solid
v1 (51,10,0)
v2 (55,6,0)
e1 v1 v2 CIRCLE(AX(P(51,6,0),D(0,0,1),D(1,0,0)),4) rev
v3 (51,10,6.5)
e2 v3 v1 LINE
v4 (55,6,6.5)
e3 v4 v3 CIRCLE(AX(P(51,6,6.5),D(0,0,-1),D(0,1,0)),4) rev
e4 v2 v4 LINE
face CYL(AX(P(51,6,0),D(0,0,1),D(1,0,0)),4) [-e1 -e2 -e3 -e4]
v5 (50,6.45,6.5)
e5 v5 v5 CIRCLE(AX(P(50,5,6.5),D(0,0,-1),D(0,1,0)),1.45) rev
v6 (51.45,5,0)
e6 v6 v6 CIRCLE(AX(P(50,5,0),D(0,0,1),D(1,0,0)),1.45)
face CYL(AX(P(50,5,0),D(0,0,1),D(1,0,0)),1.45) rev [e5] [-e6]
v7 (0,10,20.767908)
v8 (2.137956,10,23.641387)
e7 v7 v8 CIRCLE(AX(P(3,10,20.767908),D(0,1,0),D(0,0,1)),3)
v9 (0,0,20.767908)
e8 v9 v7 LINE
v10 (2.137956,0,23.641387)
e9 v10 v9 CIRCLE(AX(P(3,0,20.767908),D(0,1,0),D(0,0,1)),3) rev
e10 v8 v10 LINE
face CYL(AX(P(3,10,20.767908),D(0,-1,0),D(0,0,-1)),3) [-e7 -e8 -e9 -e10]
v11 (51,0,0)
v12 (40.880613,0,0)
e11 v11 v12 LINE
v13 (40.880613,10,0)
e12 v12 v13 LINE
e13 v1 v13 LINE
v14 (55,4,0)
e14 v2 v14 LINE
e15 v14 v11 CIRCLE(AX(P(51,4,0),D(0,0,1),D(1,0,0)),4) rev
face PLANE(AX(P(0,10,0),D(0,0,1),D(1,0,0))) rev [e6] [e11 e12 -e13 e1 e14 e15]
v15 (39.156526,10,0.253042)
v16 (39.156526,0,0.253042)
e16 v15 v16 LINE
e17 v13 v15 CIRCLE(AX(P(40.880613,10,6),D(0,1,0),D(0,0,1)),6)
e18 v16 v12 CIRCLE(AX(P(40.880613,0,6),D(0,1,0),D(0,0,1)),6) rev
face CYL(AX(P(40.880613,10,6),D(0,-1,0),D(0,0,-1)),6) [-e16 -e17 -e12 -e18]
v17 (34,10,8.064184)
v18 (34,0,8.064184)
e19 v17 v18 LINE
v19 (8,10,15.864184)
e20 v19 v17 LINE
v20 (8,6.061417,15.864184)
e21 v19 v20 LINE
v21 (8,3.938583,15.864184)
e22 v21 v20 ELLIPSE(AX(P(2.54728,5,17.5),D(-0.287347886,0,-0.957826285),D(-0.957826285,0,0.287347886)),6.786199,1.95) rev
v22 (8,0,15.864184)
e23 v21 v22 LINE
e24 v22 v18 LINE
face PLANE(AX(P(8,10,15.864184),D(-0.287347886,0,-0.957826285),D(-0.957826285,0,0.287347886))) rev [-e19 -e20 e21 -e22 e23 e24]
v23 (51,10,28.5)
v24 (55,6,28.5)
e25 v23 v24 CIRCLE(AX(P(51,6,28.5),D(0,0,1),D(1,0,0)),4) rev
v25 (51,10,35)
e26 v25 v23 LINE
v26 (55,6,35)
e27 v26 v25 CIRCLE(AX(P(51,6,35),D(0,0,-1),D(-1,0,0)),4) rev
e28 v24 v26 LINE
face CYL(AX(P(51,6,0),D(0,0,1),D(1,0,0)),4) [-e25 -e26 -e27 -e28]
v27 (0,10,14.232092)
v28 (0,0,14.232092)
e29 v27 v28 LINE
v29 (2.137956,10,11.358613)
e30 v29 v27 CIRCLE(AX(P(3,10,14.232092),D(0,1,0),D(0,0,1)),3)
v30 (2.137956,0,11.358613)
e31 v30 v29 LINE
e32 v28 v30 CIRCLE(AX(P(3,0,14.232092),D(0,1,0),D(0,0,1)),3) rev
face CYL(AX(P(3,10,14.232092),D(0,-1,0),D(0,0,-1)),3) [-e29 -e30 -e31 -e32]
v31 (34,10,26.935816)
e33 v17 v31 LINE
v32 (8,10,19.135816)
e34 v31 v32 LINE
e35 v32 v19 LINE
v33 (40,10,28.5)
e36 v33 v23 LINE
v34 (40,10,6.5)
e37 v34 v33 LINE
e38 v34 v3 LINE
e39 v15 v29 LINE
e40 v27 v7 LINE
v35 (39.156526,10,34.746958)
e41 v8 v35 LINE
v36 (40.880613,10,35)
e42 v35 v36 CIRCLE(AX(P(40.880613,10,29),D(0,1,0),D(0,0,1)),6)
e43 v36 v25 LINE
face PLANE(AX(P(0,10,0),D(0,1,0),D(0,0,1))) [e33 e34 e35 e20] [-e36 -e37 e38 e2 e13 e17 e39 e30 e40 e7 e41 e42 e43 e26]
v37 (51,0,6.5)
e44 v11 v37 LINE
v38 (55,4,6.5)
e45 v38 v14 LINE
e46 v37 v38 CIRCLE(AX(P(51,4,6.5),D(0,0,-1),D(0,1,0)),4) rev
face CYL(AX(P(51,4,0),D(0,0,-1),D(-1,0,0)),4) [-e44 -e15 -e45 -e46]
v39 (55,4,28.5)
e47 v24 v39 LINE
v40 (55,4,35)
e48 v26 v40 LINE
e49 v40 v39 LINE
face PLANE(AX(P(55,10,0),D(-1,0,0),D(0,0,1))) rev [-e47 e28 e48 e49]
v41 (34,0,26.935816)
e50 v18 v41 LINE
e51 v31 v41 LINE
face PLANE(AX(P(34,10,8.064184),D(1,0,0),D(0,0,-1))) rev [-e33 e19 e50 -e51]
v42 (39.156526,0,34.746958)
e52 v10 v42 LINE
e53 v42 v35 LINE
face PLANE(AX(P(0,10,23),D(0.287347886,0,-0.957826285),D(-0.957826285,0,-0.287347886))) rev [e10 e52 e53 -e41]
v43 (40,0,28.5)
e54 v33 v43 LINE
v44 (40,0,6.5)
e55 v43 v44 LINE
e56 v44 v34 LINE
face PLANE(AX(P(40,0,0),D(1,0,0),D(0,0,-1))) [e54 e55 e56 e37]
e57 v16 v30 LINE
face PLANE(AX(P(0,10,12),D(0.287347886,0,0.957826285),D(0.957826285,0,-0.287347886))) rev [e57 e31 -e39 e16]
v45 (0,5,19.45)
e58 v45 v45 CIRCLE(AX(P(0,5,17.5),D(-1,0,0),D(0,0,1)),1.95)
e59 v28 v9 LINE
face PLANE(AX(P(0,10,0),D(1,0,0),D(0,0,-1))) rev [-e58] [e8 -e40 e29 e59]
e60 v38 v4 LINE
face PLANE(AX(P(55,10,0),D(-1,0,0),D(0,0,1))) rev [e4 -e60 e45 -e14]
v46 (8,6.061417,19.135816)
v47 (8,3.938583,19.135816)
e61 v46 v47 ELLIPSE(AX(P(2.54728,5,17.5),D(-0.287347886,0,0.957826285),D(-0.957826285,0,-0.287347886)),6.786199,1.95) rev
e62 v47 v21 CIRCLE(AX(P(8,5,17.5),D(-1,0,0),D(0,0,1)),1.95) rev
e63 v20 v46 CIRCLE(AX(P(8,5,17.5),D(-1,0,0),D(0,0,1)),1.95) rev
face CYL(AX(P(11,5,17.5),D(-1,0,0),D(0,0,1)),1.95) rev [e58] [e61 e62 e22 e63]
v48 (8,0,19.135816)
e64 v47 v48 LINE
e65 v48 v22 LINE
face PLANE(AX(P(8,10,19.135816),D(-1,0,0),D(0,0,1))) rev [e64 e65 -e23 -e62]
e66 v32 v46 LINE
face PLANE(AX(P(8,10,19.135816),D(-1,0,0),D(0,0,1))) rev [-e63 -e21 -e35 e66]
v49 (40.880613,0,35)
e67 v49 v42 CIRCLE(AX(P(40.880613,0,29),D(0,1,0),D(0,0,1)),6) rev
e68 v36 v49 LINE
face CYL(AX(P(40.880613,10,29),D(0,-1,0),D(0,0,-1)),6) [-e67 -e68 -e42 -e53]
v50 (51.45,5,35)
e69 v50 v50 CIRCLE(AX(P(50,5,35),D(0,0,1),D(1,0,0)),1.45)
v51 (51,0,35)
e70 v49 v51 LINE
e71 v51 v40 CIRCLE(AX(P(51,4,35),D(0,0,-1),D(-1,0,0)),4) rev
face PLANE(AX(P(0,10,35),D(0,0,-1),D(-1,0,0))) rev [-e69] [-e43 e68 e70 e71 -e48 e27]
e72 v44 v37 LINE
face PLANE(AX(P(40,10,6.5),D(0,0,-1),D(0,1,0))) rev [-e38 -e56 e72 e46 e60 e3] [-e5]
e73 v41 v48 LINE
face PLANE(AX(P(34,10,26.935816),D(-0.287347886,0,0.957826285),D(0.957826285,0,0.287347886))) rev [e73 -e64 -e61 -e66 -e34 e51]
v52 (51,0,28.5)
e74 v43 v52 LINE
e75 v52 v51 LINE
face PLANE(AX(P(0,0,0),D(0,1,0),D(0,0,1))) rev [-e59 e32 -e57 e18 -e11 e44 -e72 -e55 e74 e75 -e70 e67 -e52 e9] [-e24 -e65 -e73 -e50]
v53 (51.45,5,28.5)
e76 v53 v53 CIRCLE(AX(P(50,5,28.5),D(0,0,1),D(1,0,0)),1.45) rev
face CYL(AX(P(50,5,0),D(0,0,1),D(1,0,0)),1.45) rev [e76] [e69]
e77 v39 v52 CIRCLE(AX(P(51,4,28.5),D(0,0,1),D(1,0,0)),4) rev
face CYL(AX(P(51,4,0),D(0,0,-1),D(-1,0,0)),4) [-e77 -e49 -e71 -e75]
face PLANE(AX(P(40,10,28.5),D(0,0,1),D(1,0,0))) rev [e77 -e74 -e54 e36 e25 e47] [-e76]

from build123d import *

# Parameters (mm, degrees)
SKETCH1_W           = 55
SKETCH1_H           = 35
BOSS_EXTRUDE1_DEPTH = 10
CUT_EXTRUDE6_DEPTH  = 66.954529791
SKETCH12_R          = 1.45
CUT_EXTRUDE8_DEPTH  = 66.954529791
SKETCH13_R          = 1.95
CUT_EXTRUDE9_DEPTH  = 11
SKETCH2_W           = 22
SKETCH2_H           = 10
CUT_EXTRUDE10_DEPTH = 15
FILLET4_R           = 4
FILLET5_R           = 3
FILLET6_R           = 6
CUT_EXTRUDE11_DEPTH = 66.954529791


with BuildPart() as part:
    # Sketch1 → Boss-Extrude1 (new body)
    with BuildSketch(Plane(origin=(0, 0, 0), x_dir=(1, 0, 0), z_dir=(0, 1, 0))):
        with Locations((27.5, -17.5)):
            Rectangle(SKETCH1_W, SKETCH1_H)
    extrude(amount=BOSS_EXTRUDE1_DEPTH)

    # Sketch9 → Cut-Extrude6 (cut, through all)
    with BuildSketch(Plane(origin=(0, 0, 0), x_dir=(-1, 0, 0), z_dir=(0, -1, 0))):
        Polygon((0, -12), (-40, 0), (0, 0), align=None)
        Polygon((0, -23), (-40, -35), (0, -35), align=None)
    extrude(amount=-CUT_EXTRUDE6_DEPTH, mode=Mode.SUBTRACT)

    # Sketch12 → Cut-Extrude8 (cut, through all)
    with BuildSketch(Plane.XY.offset(35)):
        with Locations((50, 5)):
            Circle(SKETCH12_R)
    extrude(amount=-CUT_EXTRUDE8_DEPTH, mode=Mode.SUBTRACT)

    # Sketch13 → Cut-Extrude9 (cut)
    with BuildSketch(Plane.ZY):
        with Locations((17.5, 5)):
            Circle(SKETCH13_R)
    extrude(amount=-CUT_EXTRUDE9_DEPTH, mode=Mode.SUBTRACT)

    # Sketch2 → Cut-Extrude10 (cut)
    with BuildSketch(Plane(origin=(55, 0, 0), x_dir=(0, 0, -1), z_dir=(1, 0, 0))):
        with Locations((-17.5, 5)):
            Rectangle(SKETCH2_W, SKETCH2_H)
    extrude(amount=-CUT_EXTRUDE10_DEPTH, mode=Mode.SUBTRACT)

    # Fillet4
    fillet4_edges = [part.edges().sort_by_distance(p)[0] for p in [
        (55, 10, 31.75),
        (55, 0, 3.25),
        (55, 10, 3.25),
        (55, 0, 31.75),
    ]]
    fillet(fillet4_edges, radius=FILLET4_R)

    # Fillet5
    fillet5_edges = [part.edges().sort_by_distance(p)[0] for p in [
        (0, 5, 12),
        (0, 5, 23),
    ]]
    fillet(fillet5_edges, radius=FILLET5_R)

    # Fillet6
    fillet6_edges = [part.edges().sort_by_distance(p)[0] for p in [
        (40, 5, 0),
        (40, 5, 35),
    ]]
    fillet(fillet6_edges, radius=FILLET6_R)

    # Sketch15 → Cut-Extrude11 (cut, through all)
    with BuildSketch(Plane(origin=(0, 0, 0), x_dir=(-1, 0, 0), z_dir=(0, -1, 0))):
        Polygon((-34, -26.935816095), (-8, -19.135816095), (-8, -15.864183905), (-34, -8.064183905), align=None)
    extrude(amount=-CUT_EXTRUDE11_DEPTH, mode=Mode.SUBTRACT)


solid = part.part
